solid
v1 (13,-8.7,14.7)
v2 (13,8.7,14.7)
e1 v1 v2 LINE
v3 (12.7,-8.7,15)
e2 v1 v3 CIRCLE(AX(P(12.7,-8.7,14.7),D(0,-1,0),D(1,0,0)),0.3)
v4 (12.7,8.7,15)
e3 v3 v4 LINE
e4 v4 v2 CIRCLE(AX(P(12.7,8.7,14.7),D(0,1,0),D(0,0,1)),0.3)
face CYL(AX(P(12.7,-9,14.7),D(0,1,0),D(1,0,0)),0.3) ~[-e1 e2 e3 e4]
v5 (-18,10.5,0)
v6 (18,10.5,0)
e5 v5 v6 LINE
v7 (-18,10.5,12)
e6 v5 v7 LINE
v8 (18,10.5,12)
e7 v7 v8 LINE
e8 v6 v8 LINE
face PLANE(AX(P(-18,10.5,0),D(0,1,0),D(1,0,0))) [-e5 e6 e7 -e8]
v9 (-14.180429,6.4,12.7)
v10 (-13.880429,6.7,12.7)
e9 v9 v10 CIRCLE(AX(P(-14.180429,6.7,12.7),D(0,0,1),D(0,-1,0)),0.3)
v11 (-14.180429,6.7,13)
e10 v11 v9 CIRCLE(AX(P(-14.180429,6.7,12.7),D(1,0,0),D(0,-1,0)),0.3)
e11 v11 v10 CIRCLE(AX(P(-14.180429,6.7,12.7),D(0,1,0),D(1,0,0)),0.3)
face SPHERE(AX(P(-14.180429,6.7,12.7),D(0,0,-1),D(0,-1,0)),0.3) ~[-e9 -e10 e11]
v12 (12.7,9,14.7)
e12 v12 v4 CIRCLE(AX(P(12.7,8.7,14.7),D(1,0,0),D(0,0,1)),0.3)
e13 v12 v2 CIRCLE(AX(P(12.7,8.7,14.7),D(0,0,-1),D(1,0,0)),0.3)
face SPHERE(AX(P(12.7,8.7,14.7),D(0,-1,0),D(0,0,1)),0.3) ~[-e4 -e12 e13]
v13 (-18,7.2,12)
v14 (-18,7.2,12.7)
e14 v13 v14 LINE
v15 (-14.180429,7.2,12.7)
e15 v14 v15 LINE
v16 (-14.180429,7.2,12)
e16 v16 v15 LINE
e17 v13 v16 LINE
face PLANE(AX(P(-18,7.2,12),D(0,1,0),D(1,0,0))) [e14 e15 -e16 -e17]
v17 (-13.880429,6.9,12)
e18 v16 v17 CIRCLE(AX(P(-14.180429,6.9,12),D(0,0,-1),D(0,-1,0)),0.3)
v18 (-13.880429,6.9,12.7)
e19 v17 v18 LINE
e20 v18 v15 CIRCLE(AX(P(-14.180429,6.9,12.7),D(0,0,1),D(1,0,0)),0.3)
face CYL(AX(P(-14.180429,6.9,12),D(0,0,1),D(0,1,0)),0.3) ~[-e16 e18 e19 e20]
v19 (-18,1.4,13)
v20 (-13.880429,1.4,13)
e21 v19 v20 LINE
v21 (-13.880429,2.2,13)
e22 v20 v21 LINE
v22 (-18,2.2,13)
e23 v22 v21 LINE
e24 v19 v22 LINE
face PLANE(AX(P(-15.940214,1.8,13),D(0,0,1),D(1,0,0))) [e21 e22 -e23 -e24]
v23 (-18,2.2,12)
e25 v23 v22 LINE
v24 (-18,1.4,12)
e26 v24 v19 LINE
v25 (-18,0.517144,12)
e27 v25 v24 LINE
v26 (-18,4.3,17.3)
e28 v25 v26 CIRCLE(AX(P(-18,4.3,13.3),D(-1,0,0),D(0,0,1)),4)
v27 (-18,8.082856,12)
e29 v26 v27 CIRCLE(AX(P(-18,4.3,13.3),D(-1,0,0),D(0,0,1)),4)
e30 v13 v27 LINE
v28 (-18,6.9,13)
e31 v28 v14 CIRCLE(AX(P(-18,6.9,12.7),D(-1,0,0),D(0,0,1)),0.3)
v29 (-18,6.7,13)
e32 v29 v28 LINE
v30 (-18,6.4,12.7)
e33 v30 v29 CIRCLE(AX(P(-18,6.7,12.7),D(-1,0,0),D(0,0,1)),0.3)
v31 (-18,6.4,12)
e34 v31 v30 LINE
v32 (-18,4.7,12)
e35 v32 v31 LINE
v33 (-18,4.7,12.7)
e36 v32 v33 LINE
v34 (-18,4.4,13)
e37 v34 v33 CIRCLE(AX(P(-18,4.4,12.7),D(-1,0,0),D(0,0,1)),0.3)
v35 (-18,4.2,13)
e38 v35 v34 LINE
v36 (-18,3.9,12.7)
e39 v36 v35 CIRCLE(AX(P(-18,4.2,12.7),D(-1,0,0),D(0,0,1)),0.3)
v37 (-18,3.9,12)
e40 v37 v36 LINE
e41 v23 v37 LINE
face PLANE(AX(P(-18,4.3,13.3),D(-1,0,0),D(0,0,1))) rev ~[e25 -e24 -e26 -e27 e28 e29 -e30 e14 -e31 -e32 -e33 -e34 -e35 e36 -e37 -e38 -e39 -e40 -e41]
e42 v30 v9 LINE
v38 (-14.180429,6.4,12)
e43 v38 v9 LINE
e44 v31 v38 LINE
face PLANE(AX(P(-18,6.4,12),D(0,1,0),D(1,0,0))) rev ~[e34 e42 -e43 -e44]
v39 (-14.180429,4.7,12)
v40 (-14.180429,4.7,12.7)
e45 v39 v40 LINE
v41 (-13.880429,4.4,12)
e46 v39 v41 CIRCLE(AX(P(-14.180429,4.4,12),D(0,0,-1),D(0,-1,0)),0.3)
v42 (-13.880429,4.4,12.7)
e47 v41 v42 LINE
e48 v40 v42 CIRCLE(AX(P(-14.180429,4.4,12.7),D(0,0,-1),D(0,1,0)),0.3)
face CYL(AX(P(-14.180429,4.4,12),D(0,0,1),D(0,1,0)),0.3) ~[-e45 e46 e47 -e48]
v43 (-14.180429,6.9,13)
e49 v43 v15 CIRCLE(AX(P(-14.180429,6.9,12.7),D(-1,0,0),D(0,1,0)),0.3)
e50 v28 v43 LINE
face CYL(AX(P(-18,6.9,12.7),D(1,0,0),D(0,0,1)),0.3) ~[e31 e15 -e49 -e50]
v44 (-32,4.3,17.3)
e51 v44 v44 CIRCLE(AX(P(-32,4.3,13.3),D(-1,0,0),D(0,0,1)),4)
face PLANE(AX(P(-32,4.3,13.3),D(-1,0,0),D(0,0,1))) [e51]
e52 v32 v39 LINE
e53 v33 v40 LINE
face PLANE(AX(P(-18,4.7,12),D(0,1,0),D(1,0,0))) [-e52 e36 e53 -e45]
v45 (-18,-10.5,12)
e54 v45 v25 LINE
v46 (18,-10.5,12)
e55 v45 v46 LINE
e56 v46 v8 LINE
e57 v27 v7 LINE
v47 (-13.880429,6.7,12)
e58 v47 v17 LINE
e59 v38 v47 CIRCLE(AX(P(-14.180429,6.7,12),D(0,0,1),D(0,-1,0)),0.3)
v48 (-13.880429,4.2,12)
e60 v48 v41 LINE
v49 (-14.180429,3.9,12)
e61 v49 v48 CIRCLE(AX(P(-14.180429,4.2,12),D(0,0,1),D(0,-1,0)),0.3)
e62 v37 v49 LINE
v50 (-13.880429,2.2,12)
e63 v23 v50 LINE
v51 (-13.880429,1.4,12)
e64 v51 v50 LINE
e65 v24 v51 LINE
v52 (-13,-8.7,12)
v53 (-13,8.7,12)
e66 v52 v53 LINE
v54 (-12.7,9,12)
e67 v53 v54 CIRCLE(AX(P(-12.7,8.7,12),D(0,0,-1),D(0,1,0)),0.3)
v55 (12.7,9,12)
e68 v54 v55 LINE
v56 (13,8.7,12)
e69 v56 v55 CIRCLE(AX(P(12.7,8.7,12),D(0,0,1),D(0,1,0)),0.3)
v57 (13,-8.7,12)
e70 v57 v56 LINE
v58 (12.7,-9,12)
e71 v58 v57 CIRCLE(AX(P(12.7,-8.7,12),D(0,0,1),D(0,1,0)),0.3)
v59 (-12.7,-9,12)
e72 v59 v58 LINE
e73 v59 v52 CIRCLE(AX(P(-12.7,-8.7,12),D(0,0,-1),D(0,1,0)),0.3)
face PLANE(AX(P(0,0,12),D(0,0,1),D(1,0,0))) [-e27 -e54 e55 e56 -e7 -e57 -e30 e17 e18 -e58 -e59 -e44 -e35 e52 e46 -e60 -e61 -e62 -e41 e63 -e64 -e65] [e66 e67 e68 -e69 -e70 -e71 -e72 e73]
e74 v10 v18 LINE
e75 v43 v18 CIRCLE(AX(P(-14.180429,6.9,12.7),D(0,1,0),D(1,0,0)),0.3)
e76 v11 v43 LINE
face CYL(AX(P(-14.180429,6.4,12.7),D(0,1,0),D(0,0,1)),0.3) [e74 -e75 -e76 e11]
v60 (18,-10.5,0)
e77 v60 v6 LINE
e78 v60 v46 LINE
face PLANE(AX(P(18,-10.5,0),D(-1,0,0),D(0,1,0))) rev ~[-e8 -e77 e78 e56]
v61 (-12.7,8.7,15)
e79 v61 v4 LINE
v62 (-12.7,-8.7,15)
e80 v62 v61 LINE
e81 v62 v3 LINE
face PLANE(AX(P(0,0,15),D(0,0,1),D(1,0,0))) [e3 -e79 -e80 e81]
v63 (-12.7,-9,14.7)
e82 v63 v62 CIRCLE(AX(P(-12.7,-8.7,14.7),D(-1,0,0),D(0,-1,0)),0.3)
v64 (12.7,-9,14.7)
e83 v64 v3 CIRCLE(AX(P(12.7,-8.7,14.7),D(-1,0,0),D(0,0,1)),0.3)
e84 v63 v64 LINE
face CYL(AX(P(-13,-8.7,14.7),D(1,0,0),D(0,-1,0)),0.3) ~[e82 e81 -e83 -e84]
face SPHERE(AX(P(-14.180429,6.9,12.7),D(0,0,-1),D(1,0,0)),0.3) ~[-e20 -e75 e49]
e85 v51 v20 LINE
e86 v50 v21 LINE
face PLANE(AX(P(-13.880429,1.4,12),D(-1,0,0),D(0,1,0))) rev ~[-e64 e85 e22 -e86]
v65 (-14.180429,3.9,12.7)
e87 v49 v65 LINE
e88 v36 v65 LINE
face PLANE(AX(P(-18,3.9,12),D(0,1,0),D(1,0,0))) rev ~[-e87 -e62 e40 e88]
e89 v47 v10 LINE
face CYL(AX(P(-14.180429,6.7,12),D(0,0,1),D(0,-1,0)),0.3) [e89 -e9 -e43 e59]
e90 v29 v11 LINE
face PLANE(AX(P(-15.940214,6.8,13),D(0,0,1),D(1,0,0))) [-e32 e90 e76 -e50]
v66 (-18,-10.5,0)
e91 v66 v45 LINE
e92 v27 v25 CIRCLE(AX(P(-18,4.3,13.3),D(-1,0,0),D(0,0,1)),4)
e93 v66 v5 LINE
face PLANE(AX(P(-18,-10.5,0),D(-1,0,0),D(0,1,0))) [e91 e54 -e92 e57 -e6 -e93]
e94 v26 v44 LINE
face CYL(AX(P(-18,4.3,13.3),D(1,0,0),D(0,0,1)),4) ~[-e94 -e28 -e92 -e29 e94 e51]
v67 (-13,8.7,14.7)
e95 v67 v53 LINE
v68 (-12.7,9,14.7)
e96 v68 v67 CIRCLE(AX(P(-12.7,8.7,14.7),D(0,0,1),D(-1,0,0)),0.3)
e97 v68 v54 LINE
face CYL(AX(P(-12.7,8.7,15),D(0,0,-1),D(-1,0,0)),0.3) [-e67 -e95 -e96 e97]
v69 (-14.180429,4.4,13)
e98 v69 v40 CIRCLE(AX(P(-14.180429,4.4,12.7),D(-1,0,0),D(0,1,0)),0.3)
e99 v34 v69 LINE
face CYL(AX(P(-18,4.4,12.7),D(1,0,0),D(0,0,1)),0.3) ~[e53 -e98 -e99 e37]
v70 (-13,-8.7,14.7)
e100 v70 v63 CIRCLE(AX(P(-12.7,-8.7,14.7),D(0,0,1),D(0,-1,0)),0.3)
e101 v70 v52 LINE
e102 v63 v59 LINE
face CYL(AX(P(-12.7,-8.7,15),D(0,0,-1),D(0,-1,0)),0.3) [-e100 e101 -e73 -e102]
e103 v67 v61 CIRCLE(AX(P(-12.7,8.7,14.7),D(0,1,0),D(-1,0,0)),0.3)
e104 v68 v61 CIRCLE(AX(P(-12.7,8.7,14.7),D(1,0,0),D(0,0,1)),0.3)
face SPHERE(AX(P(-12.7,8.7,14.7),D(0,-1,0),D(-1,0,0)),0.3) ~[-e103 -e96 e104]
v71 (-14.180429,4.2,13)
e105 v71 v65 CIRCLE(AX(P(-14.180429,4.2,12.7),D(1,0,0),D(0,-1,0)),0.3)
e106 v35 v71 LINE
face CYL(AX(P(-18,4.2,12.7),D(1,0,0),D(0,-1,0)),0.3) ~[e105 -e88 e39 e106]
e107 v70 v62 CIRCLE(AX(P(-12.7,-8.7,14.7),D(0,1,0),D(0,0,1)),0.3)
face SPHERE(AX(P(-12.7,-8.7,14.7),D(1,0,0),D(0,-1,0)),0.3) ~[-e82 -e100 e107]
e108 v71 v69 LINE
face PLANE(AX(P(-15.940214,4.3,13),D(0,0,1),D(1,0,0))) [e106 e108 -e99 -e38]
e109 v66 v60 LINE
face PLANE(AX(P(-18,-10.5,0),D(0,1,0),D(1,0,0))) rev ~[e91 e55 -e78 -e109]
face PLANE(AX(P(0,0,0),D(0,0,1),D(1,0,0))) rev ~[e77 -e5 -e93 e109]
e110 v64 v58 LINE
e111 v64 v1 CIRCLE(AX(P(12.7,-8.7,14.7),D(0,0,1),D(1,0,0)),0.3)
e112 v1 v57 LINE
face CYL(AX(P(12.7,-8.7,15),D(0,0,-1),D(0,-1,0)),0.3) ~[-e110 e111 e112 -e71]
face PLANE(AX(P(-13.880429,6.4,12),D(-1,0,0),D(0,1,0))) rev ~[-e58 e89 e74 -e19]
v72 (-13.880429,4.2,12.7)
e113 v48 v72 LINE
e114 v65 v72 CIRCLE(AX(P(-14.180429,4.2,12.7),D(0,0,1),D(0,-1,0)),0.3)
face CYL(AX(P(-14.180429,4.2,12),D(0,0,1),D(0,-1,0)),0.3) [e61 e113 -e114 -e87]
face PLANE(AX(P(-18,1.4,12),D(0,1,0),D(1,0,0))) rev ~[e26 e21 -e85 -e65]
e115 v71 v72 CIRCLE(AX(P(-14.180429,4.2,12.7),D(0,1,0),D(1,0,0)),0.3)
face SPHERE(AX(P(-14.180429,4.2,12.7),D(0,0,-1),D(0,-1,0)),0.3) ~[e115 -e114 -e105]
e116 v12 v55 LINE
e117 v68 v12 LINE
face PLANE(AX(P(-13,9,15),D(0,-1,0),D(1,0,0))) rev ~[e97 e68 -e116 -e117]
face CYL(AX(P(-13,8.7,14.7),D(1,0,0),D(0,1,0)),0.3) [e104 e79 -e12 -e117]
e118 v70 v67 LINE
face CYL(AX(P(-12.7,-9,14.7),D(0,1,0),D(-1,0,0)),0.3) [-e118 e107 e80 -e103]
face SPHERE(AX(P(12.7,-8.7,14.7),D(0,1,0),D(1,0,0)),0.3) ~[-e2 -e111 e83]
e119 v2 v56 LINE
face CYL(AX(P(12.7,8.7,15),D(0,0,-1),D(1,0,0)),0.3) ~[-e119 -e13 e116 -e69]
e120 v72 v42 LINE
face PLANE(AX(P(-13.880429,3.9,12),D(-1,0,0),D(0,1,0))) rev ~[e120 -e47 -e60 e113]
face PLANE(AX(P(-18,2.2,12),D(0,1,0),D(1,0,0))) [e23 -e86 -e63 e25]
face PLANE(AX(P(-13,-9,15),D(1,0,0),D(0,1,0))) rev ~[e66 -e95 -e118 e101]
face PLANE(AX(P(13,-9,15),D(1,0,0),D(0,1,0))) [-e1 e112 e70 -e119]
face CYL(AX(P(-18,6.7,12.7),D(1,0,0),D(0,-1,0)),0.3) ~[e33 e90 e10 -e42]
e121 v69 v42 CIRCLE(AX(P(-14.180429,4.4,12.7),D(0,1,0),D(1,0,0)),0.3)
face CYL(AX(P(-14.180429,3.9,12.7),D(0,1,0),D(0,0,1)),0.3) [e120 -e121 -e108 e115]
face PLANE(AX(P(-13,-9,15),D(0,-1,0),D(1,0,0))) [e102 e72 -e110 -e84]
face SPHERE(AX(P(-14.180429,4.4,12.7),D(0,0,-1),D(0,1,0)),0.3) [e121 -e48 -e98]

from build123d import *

# Parameters (mm, degrees)
SKICA1_W                 = 36
SKICA1_H                 = 21
P_IDAT_VYSUNUT_M1_DEPTH  = 15
SKICA2_W                 = 40.125032636
SKICA2_H                 = 25.475200522
SKICA2_W_2               = 26
SKICA2_H_2               = 18
ODEBRAT_VYSUNUT_M1_DEPTH = 3
SKICA3_R                 = 4
P_IDAT_VYSUNUT_M2_DEPTH  = 14
SKICA4_W                 = 4.119571066
SKICA4_H                 = 0.8
P_IDAT_VYSUNUT_M3_DEPTH  = 1
ZAOBLIT3_R               = 0.3


with BuildPart() as part:
    # Skica1 → Přidat vysunutím1 (new body)
    with BuildSketch(Plane.XY):
        Rectangle(SKICA1_W, SKICA1_H)
    extrude(amount=P_IDAT_VYSUNUT_M1_DEPTH)

    # Skica2 → Odebrat vysunutím1 (cut)
    with BuildSketch(Plane.XY.offset(15)):
        Rectangle(SKICA2_W, SKICA2_H)
        Rectangle(SKICA2_W_2, SKICA2_H_2, mode=Mode.SUBTRACT)
    extrude(amount=-ODEBRAT_VYSUNUT_M1_DEPTH, mode=Mode.SUBTRACT)

    # Skica3 → Přidat vysunutím2 (add)
    with BuildSketch(Plane.ZY.offset(18)):
        with Locations((13.3, 4.3)):
            Circle(SKICA3_R)
    extrude(amount=P_IDAT_VYSUNUT_M2_DEPTH)

    # Skica4 → Přidat vysunutím3 (add)
    with BuildSketch(Plane.XY.offset(12)):
        with Locations((-15.940214467, 6.8)):
            Rectangle(SKICA4_W, SKICA4_H)
        with Locations((-15.940214467, 4.3)):
            Rectangle(SKICA4_W, SKICA4_H)
        with Locations((-15.940214467, 1.8)):
            Rectangle(SKICA4_W, SKICA4_H)
    extrude(amount=P_IDAT_VYSUNUT_M3_DEPTH)

    # Zaoblit3
    zaoblit3_edges = [part.edges().sort_by_distance(p)[0] for p in [
        (13, 0, 15),
        (13, -9, 13.5),
        (0, -9, 15),
        (-13, -9, 13.5),
        (-13, 0, 15),
        (-13, 9, 13.5),
        (0, 9, 15),
        (13, 9, 13.5),
        (-13.880428934, 6.4, 12.5),
        (-13.880428934, 7.2, 12.5),
        (-15.940214467, 6.4, 13),
        (-13.880428934, 6.8, 13),
        (-15.940214467, 7.2, 13),
        (-13.880428934, 4.7, 12.5),
        (-13.880428934, 3.9, 12.5),
        (-15.940214467, 4.7, 13),
        (-15.940214467, 3.9, 13),
        (-13.880428934, 4.3, 13),
    ]]
    fillet(zaoblit3_edges, radius=ZAOBLIT3_R)


solid = part.part
